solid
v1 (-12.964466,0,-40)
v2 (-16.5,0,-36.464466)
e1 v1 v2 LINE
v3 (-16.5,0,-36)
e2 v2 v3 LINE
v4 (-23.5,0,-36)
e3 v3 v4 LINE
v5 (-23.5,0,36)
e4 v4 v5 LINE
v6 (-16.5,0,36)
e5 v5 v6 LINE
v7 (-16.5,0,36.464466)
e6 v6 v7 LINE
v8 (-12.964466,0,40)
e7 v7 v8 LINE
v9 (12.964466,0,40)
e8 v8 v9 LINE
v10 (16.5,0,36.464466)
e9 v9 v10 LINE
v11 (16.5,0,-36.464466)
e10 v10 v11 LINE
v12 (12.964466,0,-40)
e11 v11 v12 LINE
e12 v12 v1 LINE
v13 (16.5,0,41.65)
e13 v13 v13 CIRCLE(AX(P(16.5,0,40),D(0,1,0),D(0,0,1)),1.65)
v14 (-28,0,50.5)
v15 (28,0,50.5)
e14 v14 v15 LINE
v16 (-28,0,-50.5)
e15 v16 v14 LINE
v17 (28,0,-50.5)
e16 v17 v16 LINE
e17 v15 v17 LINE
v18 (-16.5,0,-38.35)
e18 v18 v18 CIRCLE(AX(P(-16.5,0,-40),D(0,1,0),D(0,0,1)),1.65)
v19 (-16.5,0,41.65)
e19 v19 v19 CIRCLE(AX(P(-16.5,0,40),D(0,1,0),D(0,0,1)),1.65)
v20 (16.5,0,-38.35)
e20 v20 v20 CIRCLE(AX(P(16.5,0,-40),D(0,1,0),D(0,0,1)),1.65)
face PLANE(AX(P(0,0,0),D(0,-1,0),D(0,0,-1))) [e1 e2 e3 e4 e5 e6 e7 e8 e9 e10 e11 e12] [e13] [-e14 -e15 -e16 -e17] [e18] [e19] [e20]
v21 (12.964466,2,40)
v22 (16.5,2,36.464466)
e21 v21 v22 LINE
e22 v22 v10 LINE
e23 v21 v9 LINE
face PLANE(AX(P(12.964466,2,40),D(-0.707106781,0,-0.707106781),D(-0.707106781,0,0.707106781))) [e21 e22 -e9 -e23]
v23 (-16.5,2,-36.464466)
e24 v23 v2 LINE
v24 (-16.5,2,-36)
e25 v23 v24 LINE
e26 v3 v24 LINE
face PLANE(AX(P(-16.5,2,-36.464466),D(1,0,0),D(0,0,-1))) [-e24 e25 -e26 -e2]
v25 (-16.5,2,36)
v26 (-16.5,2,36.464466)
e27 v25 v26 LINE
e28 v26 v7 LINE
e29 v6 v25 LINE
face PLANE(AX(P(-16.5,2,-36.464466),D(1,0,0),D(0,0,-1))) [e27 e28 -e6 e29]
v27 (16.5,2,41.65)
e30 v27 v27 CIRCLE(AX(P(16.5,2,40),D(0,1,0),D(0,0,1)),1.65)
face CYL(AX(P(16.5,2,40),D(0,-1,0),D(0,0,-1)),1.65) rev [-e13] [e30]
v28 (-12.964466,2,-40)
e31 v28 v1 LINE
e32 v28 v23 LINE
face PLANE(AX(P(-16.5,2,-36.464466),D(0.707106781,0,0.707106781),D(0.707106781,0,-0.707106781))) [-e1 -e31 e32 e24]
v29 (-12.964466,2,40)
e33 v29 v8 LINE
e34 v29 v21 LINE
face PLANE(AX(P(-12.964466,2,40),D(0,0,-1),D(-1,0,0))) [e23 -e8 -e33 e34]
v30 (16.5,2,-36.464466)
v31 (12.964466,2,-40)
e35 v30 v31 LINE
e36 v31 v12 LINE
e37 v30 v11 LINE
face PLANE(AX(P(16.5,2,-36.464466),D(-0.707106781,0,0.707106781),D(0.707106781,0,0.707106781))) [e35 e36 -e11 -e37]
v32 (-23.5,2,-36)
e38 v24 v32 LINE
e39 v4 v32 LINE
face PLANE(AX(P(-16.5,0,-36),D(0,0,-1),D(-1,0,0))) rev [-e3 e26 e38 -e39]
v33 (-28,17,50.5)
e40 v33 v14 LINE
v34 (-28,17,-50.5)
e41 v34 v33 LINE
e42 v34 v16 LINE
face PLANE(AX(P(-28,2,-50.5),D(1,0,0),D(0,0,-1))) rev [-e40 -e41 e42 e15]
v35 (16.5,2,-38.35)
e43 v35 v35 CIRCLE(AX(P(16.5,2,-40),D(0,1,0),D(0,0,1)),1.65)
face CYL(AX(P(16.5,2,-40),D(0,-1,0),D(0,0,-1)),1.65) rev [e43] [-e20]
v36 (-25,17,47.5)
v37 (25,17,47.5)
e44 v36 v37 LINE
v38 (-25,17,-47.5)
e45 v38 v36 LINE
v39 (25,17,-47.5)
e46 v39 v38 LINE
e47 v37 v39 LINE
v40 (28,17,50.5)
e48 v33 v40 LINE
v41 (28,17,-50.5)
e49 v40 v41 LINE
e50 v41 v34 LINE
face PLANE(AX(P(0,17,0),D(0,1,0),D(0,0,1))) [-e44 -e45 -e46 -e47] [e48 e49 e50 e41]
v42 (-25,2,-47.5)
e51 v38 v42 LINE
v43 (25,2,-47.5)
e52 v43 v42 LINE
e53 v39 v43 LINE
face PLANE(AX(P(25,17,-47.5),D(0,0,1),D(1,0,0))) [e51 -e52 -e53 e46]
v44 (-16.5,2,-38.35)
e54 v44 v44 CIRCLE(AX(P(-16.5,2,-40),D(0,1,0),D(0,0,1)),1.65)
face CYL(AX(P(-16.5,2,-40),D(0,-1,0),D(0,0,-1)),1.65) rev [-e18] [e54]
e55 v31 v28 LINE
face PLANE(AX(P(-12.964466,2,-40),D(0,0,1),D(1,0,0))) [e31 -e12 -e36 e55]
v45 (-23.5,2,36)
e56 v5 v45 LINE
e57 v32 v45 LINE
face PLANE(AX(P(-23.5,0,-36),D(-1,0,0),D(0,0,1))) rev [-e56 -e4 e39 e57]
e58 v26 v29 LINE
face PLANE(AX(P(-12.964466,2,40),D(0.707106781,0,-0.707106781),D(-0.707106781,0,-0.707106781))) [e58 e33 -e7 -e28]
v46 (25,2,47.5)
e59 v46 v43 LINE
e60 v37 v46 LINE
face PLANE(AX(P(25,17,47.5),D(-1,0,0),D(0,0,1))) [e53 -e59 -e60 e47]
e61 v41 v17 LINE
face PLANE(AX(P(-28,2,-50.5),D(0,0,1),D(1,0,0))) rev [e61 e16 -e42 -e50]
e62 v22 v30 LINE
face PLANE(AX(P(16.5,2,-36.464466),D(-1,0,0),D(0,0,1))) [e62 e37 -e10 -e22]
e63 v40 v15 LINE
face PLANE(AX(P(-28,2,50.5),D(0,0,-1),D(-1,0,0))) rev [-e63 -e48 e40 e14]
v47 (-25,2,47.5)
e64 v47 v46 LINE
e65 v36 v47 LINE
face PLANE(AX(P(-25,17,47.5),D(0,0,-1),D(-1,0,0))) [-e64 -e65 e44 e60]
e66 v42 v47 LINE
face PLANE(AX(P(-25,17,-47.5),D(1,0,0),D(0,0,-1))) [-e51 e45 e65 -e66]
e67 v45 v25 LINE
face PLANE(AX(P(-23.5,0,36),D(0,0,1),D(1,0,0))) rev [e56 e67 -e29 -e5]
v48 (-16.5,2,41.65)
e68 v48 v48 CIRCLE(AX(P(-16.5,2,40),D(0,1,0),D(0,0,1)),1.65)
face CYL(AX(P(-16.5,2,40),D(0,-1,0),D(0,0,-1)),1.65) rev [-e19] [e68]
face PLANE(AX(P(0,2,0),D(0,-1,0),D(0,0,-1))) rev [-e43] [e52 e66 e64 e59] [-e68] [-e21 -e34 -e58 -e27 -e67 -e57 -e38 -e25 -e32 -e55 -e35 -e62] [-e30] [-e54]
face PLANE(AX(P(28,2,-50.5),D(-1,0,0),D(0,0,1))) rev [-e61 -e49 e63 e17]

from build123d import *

# Parameters (mm, degrees)
SKETCH1_W           = 56
SKETCH1_H           = 101
SKETCH1_R           = 1.65
BOSS_EXTRUDE1_DEPTH = 2
SKETCH3_W           = 56
SKETCH3_H           = 101
SKETCH3_W_2         = 50
SKETCH3_H_2         = 95
BOSS_EXTRUDE2_DEPTH = 15
SKETCH5_W           = 7
SKETCH5_H           = 72
CUT_EXTRUDE2_DEPTH  = 60.659450215


with BuildPart() as part:
    # Sketch1 → Boss-Extrude1 (new body)
    with BuildSketch(Plane(origin=(0, 0, 0), x_dir=(1, 0, 0), z_dir=(0, 1, 0))):
        Rectangle(SKETCH1_W, SKETCH1_H)
        with Locations(Location((-16.5, 40, 0), (0, 0, 270))):
            Circle(SKETCH1_R, mode=Mode.SUBTRACT)
        with Locations(Location((16.5, 40, 0), (0, 0, 270))):
            Circle(SKETCH1_R, mode=Mode.SUBTRACT)
        with Locations(Location((-16.5, -40, 0), (0, 0, 270))):
            Circle(SKETCH1_R, mode=Mode.SUBTRACT)
        with Locations(Location((16.5, -40, 0), (0, 0, 270))):
            Circle(SKETCH1_R, mode=Mode.SUBTRACT)
        Polygon((-12.964466094, -40), (12.964466094, -40), (16.5, -36.464466094), (16.5, 36.464466094), (12.964466094, 40), (-12.964466094, 40), (-16.5, 36.464466094), (-16.5, -36.464466094), align=None, mode=Mode.SUBTRACT)
    extrude(amount=BOSS_EXTRUDE1_DEPTH)

    # Sketch3 → Boss-Extrude2 (add)
    with BuildSketch(Plane(origin=(0, 2, 0), x_dir=(1, 0, 0), z_dir=(0, 1, 0))):
        Rectangle(SKETCH3_W, SKETCH3_H)
        Rectangle(SKETCH3_W_2, SKETCH3_H_2, mode=Mode.SUBTRACT)
    extrude(amount=BOSS_EXTRUDE2_DEPTH)

    # Sketch5 → Cut-Extrude2 (cut, through all)
    with BuildSketch(Plane(origin=(0, 2, 0), x_dir=(1, 0, 0), z_dir=(0, 1, 0))):
        with Locations((-20, 0)):
            Rectangle(SKETCH5_W, SKETCH5_H)
    extrude(amount=-CUT_EXTRUDE2_DEPTH, mode=Mode.SUBTRACT)


solid = part.part
